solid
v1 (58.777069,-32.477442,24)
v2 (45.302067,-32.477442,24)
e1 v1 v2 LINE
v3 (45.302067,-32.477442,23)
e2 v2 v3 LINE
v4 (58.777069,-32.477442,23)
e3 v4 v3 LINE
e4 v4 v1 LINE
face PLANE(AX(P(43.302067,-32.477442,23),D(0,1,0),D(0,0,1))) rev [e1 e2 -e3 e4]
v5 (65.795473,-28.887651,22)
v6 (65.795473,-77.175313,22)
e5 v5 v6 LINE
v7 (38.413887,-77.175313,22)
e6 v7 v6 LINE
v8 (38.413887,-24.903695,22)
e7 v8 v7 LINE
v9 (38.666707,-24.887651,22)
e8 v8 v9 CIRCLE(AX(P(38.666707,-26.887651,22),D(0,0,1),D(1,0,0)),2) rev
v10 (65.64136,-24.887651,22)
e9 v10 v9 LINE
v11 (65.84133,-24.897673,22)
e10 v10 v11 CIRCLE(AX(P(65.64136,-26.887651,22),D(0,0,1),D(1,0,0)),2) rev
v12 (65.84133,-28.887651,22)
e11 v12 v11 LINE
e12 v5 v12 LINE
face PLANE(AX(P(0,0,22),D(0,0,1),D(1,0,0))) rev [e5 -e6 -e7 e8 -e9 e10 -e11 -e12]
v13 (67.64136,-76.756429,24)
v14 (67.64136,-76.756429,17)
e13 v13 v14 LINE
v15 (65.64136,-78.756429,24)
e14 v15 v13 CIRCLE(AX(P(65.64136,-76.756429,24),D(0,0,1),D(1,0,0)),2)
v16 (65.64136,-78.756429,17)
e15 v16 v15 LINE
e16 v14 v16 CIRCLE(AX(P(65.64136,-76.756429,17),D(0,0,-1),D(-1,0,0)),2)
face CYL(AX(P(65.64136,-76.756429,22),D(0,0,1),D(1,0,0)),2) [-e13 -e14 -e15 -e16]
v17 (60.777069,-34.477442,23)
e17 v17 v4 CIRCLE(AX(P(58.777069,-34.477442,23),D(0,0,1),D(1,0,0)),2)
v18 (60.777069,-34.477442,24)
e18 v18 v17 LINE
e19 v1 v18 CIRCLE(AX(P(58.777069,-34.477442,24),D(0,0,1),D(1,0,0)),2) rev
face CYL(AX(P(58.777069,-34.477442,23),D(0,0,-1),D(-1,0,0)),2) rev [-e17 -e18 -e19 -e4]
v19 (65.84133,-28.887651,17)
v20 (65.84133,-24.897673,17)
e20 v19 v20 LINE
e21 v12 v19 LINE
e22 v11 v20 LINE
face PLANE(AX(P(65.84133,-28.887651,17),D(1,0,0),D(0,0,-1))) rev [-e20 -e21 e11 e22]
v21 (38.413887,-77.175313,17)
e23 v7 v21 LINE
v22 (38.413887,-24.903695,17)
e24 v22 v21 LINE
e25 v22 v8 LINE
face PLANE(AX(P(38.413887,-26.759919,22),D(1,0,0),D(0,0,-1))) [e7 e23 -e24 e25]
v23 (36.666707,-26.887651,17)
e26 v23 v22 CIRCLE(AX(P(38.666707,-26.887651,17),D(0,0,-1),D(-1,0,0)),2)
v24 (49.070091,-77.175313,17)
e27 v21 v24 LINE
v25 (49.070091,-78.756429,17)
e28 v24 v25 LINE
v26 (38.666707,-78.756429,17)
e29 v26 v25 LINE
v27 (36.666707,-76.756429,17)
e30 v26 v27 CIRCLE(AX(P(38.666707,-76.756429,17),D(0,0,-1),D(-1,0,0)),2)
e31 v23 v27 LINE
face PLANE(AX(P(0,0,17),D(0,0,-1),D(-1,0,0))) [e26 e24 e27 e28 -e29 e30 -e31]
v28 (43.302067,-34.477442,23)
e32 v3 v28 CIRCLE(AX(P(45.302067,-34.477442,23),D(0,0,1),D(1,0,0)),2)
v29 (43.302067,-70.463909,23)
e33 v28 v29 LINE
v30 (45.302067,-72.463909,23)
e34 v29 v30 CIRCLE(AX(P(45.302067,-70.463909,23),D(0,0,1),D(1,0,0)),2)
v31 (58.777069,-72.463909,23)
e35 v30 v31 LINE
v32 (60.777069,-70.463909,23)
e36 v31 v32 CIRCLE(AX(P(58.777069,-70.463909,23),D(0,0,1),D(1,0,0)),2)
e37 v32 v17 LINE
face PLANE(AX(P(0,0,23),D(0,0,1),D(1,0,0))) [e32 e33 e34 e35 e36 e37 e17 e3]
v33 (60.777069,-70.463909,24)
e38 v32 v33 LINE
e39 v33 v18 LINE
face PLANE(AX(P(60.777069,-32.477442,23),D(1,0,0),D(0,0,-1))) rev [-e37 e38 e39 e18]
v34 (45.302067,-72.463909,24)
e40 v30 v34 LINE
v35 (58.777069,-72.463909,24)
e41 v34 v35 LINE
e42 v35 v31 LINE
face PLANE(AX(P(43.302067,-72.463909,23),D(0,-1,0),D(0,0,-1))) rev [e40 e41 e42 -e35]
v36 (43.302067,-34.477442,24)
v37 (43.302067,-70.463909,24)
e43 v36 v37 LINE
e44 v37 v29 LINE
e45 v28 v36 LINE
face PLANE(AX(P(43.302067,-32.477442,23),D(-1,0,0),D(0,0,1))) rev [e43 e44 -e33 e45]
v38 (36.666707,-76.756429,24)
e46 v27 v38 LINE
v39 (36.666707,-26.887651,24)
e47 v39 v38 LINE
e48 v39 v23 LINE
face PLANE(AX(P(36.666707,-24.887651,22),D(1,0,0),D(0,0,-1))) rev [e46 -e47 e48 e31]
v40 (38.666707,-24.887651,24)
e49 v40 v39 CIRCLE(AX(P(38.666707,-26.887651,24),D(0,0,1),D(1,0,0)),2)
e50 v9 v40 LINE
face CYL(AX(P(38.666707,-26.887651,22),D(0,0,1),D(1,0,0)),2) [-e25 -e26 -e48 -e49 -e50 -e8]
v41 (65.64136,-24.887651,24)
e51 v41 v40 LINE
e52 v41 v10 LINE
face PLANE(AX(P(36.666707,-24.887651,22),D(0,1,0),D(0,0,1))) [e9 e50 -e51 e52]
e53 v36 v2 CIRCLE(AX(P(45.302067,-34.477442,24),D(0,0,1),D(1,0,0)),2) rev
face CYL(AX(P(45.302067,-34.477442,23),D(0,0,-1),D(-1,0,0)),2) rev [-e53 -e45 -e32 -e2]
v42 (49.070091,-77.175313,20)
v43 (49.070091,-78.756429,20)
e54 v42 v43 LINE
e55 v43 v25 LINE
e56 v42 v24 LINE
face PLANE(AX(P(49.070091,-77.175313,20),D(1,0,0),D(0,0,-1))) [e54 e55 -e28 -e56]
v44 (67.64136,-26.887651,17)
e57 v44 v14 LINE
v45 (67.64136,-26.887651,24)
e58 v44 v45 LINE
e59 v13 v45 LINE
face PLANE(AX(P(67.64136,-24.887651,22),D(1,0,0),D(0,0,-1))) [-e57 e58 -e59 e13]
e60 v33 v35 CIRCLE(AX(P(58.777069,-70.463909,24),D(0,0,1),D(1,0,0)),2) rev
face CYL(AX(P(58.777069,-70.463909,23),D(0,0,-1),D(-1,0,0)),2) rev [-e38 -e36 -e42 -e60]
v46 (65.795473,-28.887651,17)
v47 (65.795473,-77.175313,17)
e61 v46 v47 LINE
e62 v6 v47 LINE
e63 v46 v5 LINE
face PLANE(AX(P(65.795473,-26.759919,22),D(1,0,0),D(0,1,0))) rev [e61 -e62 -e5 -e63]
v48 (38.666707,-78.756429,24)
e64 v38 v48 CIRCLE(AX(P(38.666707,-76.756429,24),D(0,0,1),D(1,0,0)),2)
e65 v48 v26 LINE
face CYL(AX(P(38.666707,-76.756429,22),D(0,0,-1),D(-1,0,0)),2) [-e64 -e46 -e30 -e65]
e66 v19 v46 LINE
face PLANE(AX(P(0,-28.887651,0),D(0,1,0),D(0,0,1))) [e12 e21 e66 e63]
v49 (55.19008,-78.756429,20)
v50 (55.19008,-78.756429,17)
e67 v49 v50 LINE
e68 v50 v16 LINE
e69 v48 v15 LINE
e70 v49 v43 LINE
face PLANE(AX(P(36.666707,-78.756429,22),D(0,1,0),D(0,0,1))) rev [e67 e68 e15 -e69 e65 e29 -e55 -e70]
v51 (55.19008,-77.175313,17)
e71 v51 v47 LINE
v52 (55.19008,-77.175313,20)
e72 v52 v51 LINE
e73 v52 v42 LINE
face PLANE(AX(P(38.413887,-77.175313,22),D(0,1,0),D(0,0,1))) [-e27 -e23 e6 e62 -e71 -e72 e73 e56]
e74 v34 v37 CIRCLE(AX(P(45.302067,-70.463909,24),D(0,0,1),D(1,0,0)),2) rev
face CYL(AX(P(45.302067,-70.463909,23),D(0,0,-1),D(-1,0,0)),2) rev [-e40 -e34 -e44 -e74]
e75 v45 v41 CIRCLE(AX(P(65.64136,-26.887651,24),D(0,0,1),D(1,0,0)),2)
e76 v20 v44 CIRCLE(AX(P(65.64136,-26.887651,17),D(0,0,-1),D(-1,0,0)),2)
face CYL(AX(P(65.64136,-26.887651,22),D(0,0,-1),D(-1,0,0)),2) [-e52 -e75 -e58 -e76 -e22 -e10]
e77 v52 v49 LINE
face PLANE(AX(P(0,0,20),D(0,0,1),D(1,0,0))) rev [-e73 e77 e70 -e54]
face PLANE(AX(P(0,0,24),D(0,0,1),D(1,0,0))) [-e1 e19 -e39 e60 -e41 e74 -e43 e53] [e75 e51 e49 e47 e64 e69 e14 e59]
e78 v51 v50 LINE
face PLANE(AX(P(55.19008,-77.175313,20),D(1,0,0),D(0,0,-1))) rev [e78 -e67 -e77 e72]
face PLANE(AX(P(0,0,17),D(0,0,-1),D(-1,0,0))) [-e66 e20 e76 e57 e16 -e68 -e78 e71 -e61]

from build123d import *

# Parameters (mm, degrees)
SKETCH_5_W          = 30.974653289
SKETCH_5_H          = 53.868777402
SKETCH_5_W_2        = 27.381586342
SKETCH_5_H_2        = 50.41539456
EXTRUDE_3_DEPTH     = 5
SKETCH_6_W          = 27.427442828
SKETCH_6_H          = 5
CUT_EXTRUDE_4_DEPTH = 4
SKETCH_8_W          = 6.119989238
SKETCH_8_H          = 1.581115617
CUT_EXTRUDE_6_DEPTH = 3
SKETCH_9_W          = 30.974653289
SKETCH_9_H          = 53.868777402
EXTRUDE_5_DEPTH     = 2
SKETCH_10_W         = 17.475002228
SKETCH_10_H         = 39.986467982
CUT_EXTRUDE_7_DEPTH = 1
FILLET_1_R          = 2
FILLET_2_R          = 2


with BuildPart() as part:
    # 草图5 → 凸台-拉伸3 (new body)
    with BuildSketch(Plane.XY.offset(17)):
        with Locations((52.154033433, -51.822040042)):
            Rectangle(SKETCH_5_W, SKETCH_5_H)
        with Locations((52.104679946, -51.967615846)):
            Rectangle(SKETCH_5_W_2, SKETCH_5_H_2, mode=Mode.SUBTRACT)
    extrude(amount=EXTRUDE_3_DEPTH)

    # 草图6 → 切除-拉伸4 (cut)
    with BuildSketch(Plane(origin=(0, -24.887651341, 0), x_dir=(1, 0, 0), z_dir=(0, 1, 0))):
        with Locations((52.127608189, -19.5)):
            Rectangle(SKETCH_6_W, SKETCH_6_H)
    extrude(amount=-CUT_EXTRUDE_4_DEPTH, mode=Mode.SUBTRACT)

    # 草图8 → 切除-拉伸6 (cut)
    with BuildSketch(Plane(origin=(0, 0, 17), x_dir=(-1, 0, 0), z_dir=(0, 0, -1))):
        with Locations((-52.130085605, -77.965870935)):
            Rectangle(SKETCH_8_W, SKETCH_8_H)
    extrude(amount=-CUT_EXTRUDE_6_DEPTH, mode=Mode.SUBTRACT)

    # 草图9 → 凸台-拉伸5 (add)
    with BuildSketch(Plane.XY.offset(22)):
        with Locations((52.154033433, -51.822040042)):
            Rectangle(SKETCH_9_W, SKETCH_9_H)
    extrude(amount=EXTRUDE_5_DEPTH)

    # 草图10 → 切除-拉伸7 (cut)
    with BuildSketch(Plane.XY.offset(24)):
        with Locations((52.039568352, -52.470675496)):
            Rectangle(SKETCH_10_W, SKETCH_10_H)
    extrude(amount=-CUT_EXTRUDE_7_DEPTH, mode=Mode.SUBTRACT)

    # 圆角1
    fillet_1_edges = [part.edges().sort_by_distance(p)[0] for p in [
        (67.641360077, -78.756428743, 20.5),
        (36.666706788, -78.756428743, 20.5),
        (36.666706788, -24.887651341, 20.5),
        (67.641360077, -24.887651341, 20.5),
    ]]
    fillet(fillet_1_edges, radius=FILLET_1_R)

    # 圆角2
    fillet_2_edges = [part.edges().sort_by_distance(p)[0] for p in [
        (43.302067238, -72.463909487, 23.5),
        (43.302067238, -32.477441505, 23.5),
        (60.777069466, -32.477441505, 23.5),
        (60.777069466, -72.463909487, 23.5),
    ]]
    fillet(fillet_2_edges, radius=FILLET_2_R)


solid = part.part
